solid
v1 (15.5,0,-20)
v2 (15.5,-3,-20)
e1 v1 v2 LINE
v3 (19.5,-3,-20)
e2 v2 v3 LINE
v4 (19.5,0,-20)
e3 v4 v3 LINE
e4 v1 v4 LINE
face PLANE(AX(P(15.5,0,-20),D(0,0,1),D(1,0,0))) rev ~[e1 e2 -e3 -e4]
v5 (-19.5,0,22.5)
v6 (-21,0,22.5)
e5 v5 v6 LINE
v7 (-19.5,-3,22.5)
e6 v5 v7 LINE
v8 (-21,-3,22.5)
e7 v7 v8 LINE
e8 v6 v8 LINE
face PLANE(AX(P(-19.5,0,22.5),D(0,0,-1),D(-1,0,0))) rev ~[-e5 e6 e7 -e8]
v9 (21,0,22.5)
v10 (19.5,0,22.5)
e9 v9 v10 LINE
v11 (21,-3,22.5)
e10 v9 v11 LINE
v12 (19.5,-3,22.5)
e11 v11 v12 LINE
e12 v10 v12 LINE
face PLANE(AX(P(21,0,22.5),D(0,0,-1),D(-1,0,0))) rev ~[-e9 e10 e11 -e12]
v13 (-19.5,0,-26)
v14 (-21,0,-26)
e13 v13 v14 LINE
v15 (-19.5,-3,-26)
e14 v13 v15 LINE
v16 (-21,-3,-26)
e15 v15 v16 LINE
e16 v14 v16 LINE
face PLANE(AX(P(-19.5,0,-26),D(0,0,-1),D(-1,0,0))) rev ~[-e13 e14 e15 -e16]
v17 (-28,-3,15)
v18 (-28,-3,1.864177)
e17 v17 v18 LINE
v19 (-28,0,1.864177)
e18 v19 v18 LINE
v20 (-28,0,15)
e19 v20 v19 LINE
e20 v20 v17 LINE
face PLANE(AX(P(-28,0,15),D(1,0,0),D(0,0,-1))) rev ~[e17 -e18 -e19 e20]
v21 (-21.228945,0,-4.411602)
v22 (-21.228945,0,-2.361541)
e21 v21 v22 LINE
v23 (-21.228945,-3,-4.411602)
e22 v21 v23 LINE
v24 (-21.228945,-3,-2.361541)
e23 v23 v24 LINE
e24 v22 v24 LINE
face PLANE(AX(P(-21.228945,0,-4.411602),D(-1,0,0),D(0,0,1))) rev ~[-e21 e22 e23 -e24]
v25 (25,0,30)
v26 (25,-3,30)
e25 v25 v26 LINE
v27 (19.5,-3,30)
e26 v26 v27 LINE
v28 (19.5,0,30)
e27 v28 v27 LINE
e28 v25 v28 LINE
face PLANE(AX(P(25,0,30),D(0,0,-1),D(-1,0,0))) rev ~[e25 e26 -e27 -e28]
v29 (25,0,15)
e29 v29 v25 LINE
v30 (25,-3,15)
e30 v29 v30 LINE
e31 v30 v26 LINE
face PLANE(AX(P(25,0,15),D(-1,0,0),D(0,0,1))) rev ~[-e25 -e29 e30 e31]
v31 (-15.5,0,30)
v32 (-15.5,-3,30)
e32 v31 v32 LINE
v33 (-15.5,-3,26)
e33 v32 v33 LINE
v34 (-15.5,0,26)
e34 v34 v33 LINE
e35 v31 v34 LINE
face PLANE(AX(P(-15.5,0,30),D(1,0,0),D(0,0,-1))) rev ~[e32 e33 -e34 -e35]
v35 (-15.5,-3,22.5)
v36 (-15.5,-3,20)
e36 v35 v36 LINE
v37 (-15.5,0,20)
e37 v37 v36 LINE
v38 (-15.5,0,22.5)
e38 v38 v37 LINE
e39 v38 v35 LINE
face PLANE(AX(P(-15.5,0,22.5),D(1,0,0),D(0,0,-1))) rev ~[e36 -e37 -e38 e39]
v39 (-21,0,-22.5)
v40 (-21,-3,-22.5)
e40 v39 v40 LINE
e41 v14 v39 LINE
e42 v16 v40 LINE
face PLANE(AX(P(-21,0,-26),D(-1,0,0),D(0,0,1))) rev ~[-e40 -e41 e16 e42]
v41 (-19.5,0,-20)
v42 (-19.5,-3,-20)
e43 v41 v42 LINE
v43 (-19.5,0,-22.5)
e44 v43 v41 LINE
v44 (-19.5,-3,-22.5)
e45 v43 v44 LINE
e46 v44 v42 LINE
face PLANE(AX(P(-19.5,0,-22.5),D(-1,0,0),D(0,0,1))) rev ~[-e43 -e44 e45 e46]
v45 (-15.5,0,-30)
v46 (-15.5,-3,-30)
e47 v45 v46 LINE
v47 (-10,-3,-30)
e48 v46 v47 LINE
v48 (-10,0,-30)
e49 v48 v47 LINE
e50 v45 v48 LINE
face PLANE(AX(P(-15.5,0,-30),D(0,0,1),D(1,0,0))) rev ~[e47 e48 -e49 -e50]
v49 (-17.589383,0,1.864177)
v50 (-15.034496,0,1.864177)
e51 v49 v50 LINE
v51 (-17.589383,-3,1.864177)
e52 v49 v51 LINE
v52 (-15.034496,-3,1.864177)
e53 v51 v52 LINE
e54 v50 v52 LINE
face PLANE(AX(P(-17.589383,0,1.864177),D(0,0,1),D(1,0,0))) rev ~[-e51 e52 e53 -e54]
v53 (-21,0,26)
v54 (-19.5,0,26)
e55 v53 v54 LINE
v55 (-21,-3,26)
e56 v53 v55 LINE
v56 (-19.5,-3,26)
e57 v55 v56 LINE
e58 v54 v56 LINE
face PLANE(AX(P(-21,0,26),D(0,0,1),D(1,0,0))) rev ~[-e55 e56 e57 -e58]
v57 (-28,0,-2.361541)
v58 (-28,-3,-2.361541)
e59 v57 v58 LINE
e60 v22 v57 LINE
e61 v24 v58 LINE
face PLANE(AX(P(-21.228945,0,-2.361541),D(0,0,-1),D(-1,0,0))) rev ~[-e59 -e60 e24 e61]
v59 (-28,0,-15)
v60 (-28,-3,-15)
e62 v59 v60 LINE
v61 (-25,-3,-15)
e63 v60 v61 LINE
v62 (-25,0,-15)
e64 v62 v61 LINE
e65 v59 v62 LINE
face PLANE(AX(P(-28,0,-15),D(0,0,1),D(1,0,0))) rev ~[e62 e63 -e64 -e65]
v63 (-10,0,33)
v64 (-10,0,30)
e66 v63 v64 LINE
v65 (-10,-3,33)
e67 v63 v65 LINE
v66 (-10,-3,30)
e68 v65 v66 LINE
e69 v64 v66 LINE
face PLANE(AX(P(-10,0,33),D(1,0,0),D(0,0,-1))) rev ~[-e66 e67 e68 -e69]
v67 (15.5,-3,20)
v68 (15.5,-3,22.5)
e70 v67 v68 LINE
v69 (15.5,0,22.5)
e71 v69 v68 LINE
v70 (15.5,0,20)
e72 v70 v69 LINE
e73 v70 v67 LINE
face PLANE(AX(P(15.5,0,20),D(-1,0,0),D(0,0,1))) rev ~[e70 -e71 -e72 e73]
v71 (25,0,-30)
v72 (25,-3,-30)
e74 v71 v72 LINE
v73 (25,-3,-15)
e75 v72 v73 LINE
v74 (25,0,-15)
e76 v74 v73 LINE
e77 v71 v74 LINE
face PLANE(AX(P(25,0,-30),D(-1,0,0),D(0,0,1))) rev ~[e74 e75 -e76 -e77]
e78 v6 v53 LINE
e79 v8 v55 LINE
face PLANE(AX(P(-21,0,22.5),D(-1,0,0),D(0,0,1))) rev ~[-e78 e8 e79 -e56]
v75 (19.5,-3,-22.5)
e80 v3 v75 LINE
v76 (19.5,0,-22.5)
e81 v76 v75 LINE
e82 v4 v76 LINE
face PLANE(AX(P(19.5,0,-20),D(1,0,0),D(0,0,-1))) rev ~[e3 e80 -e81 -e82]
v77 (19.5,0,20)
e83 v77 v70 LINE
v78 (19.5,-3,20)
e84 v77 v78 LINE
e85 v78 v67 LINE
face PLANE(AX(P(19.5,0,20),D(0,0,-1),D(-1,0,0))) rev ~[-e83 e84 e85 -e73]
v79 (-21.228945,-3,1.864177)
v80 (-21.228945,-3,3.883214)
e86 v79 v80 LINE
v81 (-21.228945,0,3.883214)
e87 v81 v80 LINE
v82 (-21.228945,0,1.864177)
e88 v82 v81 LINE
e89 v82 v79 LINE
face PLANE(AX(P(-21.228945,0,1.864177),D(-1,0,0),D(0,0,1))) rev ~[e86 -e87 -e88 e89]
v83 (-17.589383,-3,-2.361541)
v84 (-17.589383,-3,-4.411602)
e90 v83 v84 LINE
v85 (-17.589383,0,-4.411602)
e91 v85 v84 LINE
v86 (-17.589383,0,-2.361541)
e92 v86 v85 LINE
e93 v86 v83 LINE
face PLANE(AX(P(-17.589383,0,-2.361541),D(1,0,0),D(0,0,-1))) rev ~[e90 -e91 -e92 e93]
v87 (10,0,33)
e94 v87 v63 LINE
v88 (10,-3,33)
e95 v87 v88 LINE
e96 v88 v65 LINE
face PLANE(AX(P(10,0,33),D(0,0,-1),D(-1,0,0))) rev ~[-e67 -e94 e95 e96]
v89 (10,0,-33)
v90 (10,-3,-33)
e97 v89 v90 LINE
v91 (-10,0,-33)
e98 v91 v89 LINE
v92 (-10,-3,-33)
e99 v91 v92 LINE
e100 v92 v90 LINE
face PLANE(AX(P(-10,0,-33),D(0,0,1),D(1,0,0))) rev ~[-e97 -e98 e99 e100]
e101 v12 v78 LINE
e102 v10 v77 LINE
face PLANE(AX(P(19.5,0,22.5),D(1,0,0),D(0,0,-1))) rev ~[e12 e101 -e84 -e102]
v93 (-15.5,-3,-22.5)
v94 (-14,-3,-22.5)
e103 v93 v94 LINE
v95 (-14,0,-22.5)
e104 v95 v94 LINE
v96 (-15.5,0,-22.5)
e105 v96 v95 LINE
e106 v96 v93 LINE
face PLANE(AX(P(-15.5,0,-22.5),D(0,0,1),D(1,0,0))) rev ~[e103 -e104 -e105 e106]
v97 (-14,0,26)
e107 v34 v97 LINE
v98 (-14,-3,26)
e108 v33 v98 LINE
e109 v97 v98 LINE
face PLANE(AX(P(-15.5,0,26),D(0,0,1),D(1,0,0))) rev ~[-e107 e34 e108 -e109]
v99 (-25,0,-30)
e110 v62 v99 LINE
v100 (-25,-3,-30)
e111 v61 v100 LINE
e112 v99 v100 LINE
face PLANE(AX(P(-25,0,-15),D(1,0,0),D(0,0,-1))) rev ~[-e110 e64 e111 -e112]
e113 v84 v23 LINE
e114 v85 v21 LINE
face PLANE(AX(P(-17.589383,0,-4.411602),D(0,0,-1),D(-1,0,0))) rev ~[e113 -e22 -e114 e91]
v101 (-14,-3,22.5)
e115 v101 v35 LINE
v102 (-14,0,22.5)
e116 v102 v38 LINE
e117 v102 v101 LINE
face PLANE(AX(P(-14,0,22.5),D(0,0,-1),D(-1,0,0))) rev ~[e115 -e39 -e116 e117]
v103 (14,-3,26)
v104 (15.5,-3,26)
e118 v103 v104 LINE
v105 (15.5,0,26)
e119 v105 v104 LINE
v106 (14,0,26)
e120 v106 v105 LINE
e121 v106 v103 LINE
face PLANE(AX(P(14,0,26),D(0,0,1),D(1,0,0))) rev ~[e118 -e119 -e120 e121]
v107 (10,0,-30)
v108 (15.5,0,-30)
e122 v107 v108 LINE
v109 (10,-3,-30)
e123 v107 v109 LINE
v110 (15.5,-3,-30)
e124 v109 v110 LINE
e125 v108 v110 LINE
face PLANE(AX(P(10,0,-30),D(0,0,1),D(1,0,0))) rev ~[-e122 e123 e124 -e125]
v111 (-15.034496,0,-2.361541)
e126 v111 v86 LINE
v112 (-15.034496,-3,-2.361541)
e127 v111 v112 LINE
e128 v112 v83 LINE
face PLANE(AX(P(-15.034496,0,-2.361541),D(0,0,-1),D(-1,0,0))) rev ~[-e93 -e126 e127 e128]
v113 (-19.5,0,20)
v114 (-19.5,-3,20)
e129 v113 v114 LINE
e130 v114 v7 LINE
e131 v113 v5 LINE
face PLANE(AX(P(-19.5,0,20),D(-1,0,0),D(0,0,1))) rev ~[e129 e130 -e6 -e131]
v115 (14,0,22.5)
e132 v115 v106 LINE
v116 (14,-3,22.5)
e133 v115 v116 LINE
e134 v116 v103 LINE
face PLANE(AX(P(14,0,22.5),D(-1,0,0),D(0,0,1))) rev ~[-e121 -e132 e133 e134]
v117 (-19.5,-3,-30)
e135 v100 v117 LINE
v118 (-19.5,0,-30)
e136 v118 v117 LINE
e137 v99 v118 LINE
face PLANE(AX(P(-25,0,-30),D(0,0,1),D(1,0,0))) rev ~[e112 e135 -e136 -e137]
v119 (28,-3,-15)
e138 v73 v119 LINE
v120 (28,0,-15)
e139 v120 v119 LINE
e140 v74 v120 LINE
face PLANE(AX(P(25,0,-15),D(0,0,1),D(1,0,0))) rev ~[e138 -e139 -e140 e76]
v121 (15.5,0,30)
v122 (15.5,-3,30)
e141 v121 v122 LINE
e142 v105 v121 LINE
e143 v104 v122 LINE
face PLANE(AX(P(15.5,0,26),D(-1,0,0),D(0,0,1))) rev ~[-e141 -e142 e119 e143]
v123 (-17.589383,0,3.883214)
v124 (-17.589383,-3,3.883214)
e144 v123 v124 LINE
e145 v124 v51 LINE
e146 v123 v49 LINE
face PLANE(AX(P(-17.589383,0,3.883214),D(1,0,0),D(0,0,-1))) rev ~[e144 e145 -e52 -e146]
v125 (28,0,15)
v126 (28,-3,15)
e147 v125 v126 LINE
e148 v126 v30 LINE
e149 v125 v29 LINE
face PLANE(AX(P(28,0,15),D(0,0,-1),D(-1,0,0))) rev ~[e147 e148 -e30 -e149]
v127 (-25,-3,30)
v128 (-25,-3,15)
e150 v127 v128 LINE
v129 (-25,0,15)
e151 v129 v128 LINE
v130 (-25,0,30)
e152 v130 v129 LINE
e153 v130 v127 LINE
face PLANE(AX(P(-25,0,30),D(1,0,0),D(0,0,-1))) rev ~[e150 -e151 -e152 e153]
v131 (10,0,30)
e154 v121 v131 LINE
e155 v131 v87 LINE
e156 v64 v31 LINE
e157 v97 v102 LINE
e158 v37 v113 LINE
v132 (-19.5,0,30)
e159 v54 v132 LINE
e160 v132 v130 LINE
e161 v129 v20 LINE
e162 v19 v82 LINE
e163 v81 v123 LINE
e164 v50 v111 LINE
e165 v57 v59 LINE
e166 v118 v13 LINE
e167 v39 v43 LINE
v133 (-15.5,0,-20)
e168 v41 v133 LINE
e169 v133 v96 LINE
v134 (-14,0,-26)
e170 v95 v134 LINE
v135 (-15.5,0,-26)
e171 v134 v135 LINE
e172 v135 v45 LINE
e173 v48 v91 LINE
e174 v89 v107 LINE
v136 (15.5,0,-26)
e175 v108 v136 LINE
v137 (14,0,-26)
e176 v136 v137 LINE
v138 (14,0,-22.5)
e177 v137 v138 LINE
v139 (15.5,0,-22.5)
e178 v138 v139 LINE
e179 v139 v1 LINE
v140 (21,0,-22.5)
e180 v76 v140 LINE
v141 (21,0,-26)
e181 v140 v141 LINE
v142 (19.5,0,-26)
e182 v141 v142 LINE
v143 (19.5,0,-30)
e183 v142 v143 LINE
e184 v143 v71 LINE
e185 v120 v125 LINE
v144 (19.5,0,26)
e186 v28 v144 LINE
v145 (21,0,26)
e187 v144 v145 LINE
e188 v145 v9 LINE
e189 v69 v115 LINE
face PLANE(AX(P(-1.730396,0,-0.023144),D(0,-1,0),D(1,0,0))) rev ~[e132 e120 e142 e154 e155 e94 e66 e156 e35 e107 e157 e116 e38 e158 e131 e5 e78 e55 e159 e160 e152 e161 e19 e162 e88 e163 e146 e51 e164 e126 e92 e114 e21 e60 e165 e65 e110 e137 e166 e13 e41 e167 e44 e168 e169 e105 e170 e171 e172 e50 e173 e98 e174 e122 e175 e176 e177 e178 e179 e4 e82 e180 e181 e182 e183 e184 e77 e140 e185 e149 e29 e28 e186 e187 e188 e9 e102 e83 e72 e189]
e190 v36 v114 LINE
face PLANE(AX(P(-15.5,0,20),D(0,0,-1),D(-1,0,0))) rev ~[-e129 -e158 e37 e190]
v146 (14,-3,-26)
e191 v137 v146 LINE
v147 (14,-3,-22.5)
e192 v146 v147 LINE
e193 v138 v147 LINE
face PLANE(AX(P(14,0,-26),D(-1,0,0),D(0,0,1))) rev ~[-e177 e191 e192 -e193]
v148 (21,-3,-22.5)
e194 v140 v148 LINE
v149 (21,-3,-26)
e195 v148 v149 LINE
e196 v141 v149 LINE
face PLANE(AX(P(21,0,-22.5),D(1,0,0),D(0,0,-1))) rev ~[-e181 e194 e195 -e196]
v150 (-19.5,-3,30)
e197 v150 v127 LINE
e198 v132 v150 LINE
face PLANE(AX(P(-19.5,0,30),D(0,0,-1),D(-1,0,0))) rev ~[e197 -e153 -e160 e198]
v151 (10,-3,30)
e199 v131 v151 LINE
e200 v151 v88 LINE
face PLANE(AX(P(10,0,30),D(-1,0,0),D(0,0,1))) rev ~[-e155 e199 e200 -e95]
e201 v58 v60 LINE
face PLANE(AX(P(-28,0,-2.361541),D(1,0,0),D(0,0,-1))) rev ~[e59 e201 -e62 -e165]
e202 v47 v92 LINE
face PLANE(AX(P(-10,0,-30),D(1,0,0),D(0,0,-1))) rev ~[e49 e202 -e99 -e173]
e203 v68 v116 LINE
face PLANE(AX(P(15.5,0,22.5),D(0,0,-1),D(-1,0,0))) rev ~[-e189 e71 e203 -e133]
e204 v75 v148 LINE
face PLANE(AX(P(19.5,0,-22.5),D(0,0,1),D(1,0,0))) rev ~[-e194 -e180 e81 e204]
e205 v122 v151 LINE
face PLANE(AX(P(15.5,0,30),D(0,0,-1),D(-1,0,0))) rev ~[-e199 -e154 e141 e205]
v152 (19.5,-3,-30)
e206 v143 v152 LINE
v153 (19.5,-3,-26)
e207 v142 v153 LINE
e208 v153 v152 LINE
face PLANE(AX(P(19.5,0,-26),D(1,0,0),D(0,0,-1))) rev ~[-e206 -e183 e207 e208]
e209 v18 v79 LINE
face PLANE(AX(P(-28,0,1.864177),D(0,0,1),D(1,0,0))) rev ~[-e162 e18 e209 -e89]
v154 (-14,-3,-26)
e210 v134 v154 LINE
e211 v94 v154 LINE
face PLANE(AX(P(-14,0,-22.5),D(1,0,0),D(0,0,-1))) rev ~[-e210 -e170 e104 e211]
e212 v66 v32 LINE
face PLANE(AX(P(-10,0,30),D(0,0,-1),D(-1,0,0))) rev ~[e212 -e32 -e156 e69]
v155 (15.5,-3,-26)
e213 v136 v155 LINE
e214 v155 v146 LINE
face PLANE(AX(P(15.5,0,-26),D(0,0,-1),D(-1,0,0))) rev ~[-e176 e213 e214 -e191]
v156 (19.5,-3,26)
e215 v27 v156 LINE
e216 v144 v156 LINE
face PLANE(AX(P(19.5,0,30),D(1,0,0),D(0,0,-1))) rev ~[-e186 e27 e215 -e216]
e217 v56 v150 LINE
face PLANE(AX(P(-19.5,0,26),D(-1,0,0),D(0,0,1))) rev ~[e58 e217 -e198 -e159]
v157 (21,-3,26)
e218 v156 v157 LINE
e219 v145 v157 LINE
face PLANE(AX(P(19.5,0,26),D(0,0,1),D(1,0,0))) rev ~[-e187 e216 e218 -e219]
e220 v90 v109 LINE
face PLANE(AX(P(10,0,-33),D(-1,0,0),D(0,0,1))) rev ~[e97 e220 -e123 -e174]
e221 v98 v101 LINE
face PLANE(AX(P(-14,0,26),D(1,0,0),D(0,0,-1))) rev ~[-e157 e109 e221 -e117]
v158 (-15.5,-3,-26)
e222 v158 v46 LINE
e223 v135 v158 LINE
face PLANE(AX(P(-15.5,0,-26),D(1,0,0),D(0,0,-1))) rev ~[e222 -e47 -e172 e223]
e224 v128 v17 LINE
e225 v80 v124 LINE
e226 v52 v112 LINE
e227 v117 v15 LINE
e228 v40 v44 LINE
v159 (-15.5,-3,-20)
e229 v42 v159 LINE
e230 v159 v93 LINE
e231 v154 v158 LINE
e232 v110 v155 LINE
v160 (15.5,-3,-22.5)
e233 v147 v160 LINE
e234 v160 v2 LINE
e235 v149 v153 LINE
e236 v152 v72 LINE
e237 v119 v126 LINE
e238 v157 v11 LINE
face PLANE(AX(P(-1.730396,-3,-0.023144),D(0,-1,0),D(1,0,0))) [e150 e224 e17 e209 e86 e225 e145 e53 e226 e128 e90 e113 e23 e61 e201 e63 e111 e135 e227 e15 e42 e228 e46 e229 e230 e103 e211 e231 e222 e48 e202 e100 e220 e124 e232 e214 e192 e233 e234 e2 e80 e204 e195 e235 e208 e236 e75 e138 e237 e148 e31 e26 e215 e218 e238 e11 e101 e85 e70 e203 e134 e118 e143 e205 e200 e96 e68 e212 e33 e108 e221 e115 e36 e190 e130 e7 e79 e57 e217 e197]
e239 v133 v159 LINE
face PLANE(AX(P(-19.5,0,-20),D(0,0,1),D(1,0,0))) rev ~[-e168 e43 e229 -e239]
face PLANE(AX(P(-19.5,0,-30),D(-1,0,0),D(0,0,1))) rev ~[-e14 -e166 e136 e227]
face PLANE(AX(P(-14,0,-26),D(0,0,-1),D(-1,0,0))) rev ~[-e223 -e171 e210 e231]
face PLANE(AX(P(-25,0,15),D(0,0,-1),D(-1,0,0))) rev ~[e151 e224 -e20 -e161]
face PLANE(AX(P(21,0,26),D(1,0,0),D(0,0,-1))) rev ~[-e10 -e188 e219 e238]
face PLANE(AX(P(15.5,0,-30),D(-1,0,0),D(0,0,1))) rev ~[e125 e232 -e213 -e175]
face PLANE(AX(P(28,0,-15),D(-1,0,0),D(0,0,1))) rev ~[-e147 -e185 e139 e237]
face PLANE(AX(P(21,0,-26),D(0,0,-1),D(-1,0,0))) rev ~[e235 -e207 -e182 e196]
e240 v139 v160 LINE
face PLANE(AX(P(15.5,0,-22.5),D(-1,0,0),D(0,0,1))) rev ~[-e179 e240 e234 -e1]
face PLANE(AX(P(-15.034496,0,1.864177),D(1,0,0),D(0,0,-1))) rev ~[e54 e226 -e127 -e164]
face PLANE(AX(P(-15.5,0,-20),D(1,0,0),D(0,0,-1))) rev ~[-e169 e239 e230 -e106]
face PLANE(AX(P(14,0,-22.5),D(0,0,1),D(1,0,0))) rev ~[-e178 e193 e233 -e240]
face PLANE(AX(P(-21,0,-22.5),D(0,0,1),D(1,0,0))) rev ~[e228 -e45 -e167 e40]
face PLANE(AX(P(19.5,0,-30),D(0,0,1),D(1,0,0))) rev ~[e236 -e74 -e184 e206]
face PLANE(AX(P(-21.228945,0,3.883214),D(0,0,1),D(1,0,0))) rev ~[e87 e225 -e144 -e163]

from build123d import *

# Parameters (mm, degrees)
F1_DEPTH = 3


with BuildPart() as f1:
    # F0 (on Front) → F1 (new body)
    with BuildSketch(Plane.XZ):
        Polygon((-19.5, 30), (-25, 30), (-25, 15), (-28, 15), (-28, 1.864177), (-21.228945, 1.864177), (-21.228945, 3.883214), (-17.589383, 3.883214), (-17.589383, 1.864177), (-15.034496, 1.864177), (-15.034496, -2.361541), (-17.589383, -2.361541), (-17.589383, -4.411602), (-21.228945, -4.411602), (-21.228945, -2.361541), (-28, -2.361541), (-28, -15), (-25, -15), (-25, -30), (-19.5, -30), (-19.5, -26), (-21, -26), (-21, -22.5), (-19.5, -22.5), (-19.5, -20), (-15.5, -20), (-15.5, -22.5), (-14, -22.5), (-14, -26), (-15.5, -26), (-15.5, -30), (-10, -30), (-10, -33), (10, -33), (10, -30), (15.5, -30), (15.5, -26), (14, -26), (14, -22.5), (15.5, -22.5), (15.5, -20), (19.5, -20), (19.5, -22.5), (21, -22.5), (21, -26), (19.5, -26), (19.5, -30), (25, -30), (25, -15), (28, -15), (28, 15), (25, 15), (25, 30), (19.5, 30), (19.5, 26), (21, 26), (21, 22.5), (19.5, 22.5), (19.5, 20), (15.5, 20), (15.5, 22.5), (14, 22.5), (14, 26), (15.5, 26), (15.5, 30), (10, 30), (10, 33), (-10, 33), (-10, 30), (-15.5, 30), (-15.5, 26), (-14, 26), (-14, 22.5), (-15.5, 22.5), (-15.5, 20), (-19.5, 20), (-19.5, 22.5), (-21, 22.5), (-21, 26), (-19.5, 26), align=None)
    extrude(amount=F1_DEPTH)


solid = f1.part
